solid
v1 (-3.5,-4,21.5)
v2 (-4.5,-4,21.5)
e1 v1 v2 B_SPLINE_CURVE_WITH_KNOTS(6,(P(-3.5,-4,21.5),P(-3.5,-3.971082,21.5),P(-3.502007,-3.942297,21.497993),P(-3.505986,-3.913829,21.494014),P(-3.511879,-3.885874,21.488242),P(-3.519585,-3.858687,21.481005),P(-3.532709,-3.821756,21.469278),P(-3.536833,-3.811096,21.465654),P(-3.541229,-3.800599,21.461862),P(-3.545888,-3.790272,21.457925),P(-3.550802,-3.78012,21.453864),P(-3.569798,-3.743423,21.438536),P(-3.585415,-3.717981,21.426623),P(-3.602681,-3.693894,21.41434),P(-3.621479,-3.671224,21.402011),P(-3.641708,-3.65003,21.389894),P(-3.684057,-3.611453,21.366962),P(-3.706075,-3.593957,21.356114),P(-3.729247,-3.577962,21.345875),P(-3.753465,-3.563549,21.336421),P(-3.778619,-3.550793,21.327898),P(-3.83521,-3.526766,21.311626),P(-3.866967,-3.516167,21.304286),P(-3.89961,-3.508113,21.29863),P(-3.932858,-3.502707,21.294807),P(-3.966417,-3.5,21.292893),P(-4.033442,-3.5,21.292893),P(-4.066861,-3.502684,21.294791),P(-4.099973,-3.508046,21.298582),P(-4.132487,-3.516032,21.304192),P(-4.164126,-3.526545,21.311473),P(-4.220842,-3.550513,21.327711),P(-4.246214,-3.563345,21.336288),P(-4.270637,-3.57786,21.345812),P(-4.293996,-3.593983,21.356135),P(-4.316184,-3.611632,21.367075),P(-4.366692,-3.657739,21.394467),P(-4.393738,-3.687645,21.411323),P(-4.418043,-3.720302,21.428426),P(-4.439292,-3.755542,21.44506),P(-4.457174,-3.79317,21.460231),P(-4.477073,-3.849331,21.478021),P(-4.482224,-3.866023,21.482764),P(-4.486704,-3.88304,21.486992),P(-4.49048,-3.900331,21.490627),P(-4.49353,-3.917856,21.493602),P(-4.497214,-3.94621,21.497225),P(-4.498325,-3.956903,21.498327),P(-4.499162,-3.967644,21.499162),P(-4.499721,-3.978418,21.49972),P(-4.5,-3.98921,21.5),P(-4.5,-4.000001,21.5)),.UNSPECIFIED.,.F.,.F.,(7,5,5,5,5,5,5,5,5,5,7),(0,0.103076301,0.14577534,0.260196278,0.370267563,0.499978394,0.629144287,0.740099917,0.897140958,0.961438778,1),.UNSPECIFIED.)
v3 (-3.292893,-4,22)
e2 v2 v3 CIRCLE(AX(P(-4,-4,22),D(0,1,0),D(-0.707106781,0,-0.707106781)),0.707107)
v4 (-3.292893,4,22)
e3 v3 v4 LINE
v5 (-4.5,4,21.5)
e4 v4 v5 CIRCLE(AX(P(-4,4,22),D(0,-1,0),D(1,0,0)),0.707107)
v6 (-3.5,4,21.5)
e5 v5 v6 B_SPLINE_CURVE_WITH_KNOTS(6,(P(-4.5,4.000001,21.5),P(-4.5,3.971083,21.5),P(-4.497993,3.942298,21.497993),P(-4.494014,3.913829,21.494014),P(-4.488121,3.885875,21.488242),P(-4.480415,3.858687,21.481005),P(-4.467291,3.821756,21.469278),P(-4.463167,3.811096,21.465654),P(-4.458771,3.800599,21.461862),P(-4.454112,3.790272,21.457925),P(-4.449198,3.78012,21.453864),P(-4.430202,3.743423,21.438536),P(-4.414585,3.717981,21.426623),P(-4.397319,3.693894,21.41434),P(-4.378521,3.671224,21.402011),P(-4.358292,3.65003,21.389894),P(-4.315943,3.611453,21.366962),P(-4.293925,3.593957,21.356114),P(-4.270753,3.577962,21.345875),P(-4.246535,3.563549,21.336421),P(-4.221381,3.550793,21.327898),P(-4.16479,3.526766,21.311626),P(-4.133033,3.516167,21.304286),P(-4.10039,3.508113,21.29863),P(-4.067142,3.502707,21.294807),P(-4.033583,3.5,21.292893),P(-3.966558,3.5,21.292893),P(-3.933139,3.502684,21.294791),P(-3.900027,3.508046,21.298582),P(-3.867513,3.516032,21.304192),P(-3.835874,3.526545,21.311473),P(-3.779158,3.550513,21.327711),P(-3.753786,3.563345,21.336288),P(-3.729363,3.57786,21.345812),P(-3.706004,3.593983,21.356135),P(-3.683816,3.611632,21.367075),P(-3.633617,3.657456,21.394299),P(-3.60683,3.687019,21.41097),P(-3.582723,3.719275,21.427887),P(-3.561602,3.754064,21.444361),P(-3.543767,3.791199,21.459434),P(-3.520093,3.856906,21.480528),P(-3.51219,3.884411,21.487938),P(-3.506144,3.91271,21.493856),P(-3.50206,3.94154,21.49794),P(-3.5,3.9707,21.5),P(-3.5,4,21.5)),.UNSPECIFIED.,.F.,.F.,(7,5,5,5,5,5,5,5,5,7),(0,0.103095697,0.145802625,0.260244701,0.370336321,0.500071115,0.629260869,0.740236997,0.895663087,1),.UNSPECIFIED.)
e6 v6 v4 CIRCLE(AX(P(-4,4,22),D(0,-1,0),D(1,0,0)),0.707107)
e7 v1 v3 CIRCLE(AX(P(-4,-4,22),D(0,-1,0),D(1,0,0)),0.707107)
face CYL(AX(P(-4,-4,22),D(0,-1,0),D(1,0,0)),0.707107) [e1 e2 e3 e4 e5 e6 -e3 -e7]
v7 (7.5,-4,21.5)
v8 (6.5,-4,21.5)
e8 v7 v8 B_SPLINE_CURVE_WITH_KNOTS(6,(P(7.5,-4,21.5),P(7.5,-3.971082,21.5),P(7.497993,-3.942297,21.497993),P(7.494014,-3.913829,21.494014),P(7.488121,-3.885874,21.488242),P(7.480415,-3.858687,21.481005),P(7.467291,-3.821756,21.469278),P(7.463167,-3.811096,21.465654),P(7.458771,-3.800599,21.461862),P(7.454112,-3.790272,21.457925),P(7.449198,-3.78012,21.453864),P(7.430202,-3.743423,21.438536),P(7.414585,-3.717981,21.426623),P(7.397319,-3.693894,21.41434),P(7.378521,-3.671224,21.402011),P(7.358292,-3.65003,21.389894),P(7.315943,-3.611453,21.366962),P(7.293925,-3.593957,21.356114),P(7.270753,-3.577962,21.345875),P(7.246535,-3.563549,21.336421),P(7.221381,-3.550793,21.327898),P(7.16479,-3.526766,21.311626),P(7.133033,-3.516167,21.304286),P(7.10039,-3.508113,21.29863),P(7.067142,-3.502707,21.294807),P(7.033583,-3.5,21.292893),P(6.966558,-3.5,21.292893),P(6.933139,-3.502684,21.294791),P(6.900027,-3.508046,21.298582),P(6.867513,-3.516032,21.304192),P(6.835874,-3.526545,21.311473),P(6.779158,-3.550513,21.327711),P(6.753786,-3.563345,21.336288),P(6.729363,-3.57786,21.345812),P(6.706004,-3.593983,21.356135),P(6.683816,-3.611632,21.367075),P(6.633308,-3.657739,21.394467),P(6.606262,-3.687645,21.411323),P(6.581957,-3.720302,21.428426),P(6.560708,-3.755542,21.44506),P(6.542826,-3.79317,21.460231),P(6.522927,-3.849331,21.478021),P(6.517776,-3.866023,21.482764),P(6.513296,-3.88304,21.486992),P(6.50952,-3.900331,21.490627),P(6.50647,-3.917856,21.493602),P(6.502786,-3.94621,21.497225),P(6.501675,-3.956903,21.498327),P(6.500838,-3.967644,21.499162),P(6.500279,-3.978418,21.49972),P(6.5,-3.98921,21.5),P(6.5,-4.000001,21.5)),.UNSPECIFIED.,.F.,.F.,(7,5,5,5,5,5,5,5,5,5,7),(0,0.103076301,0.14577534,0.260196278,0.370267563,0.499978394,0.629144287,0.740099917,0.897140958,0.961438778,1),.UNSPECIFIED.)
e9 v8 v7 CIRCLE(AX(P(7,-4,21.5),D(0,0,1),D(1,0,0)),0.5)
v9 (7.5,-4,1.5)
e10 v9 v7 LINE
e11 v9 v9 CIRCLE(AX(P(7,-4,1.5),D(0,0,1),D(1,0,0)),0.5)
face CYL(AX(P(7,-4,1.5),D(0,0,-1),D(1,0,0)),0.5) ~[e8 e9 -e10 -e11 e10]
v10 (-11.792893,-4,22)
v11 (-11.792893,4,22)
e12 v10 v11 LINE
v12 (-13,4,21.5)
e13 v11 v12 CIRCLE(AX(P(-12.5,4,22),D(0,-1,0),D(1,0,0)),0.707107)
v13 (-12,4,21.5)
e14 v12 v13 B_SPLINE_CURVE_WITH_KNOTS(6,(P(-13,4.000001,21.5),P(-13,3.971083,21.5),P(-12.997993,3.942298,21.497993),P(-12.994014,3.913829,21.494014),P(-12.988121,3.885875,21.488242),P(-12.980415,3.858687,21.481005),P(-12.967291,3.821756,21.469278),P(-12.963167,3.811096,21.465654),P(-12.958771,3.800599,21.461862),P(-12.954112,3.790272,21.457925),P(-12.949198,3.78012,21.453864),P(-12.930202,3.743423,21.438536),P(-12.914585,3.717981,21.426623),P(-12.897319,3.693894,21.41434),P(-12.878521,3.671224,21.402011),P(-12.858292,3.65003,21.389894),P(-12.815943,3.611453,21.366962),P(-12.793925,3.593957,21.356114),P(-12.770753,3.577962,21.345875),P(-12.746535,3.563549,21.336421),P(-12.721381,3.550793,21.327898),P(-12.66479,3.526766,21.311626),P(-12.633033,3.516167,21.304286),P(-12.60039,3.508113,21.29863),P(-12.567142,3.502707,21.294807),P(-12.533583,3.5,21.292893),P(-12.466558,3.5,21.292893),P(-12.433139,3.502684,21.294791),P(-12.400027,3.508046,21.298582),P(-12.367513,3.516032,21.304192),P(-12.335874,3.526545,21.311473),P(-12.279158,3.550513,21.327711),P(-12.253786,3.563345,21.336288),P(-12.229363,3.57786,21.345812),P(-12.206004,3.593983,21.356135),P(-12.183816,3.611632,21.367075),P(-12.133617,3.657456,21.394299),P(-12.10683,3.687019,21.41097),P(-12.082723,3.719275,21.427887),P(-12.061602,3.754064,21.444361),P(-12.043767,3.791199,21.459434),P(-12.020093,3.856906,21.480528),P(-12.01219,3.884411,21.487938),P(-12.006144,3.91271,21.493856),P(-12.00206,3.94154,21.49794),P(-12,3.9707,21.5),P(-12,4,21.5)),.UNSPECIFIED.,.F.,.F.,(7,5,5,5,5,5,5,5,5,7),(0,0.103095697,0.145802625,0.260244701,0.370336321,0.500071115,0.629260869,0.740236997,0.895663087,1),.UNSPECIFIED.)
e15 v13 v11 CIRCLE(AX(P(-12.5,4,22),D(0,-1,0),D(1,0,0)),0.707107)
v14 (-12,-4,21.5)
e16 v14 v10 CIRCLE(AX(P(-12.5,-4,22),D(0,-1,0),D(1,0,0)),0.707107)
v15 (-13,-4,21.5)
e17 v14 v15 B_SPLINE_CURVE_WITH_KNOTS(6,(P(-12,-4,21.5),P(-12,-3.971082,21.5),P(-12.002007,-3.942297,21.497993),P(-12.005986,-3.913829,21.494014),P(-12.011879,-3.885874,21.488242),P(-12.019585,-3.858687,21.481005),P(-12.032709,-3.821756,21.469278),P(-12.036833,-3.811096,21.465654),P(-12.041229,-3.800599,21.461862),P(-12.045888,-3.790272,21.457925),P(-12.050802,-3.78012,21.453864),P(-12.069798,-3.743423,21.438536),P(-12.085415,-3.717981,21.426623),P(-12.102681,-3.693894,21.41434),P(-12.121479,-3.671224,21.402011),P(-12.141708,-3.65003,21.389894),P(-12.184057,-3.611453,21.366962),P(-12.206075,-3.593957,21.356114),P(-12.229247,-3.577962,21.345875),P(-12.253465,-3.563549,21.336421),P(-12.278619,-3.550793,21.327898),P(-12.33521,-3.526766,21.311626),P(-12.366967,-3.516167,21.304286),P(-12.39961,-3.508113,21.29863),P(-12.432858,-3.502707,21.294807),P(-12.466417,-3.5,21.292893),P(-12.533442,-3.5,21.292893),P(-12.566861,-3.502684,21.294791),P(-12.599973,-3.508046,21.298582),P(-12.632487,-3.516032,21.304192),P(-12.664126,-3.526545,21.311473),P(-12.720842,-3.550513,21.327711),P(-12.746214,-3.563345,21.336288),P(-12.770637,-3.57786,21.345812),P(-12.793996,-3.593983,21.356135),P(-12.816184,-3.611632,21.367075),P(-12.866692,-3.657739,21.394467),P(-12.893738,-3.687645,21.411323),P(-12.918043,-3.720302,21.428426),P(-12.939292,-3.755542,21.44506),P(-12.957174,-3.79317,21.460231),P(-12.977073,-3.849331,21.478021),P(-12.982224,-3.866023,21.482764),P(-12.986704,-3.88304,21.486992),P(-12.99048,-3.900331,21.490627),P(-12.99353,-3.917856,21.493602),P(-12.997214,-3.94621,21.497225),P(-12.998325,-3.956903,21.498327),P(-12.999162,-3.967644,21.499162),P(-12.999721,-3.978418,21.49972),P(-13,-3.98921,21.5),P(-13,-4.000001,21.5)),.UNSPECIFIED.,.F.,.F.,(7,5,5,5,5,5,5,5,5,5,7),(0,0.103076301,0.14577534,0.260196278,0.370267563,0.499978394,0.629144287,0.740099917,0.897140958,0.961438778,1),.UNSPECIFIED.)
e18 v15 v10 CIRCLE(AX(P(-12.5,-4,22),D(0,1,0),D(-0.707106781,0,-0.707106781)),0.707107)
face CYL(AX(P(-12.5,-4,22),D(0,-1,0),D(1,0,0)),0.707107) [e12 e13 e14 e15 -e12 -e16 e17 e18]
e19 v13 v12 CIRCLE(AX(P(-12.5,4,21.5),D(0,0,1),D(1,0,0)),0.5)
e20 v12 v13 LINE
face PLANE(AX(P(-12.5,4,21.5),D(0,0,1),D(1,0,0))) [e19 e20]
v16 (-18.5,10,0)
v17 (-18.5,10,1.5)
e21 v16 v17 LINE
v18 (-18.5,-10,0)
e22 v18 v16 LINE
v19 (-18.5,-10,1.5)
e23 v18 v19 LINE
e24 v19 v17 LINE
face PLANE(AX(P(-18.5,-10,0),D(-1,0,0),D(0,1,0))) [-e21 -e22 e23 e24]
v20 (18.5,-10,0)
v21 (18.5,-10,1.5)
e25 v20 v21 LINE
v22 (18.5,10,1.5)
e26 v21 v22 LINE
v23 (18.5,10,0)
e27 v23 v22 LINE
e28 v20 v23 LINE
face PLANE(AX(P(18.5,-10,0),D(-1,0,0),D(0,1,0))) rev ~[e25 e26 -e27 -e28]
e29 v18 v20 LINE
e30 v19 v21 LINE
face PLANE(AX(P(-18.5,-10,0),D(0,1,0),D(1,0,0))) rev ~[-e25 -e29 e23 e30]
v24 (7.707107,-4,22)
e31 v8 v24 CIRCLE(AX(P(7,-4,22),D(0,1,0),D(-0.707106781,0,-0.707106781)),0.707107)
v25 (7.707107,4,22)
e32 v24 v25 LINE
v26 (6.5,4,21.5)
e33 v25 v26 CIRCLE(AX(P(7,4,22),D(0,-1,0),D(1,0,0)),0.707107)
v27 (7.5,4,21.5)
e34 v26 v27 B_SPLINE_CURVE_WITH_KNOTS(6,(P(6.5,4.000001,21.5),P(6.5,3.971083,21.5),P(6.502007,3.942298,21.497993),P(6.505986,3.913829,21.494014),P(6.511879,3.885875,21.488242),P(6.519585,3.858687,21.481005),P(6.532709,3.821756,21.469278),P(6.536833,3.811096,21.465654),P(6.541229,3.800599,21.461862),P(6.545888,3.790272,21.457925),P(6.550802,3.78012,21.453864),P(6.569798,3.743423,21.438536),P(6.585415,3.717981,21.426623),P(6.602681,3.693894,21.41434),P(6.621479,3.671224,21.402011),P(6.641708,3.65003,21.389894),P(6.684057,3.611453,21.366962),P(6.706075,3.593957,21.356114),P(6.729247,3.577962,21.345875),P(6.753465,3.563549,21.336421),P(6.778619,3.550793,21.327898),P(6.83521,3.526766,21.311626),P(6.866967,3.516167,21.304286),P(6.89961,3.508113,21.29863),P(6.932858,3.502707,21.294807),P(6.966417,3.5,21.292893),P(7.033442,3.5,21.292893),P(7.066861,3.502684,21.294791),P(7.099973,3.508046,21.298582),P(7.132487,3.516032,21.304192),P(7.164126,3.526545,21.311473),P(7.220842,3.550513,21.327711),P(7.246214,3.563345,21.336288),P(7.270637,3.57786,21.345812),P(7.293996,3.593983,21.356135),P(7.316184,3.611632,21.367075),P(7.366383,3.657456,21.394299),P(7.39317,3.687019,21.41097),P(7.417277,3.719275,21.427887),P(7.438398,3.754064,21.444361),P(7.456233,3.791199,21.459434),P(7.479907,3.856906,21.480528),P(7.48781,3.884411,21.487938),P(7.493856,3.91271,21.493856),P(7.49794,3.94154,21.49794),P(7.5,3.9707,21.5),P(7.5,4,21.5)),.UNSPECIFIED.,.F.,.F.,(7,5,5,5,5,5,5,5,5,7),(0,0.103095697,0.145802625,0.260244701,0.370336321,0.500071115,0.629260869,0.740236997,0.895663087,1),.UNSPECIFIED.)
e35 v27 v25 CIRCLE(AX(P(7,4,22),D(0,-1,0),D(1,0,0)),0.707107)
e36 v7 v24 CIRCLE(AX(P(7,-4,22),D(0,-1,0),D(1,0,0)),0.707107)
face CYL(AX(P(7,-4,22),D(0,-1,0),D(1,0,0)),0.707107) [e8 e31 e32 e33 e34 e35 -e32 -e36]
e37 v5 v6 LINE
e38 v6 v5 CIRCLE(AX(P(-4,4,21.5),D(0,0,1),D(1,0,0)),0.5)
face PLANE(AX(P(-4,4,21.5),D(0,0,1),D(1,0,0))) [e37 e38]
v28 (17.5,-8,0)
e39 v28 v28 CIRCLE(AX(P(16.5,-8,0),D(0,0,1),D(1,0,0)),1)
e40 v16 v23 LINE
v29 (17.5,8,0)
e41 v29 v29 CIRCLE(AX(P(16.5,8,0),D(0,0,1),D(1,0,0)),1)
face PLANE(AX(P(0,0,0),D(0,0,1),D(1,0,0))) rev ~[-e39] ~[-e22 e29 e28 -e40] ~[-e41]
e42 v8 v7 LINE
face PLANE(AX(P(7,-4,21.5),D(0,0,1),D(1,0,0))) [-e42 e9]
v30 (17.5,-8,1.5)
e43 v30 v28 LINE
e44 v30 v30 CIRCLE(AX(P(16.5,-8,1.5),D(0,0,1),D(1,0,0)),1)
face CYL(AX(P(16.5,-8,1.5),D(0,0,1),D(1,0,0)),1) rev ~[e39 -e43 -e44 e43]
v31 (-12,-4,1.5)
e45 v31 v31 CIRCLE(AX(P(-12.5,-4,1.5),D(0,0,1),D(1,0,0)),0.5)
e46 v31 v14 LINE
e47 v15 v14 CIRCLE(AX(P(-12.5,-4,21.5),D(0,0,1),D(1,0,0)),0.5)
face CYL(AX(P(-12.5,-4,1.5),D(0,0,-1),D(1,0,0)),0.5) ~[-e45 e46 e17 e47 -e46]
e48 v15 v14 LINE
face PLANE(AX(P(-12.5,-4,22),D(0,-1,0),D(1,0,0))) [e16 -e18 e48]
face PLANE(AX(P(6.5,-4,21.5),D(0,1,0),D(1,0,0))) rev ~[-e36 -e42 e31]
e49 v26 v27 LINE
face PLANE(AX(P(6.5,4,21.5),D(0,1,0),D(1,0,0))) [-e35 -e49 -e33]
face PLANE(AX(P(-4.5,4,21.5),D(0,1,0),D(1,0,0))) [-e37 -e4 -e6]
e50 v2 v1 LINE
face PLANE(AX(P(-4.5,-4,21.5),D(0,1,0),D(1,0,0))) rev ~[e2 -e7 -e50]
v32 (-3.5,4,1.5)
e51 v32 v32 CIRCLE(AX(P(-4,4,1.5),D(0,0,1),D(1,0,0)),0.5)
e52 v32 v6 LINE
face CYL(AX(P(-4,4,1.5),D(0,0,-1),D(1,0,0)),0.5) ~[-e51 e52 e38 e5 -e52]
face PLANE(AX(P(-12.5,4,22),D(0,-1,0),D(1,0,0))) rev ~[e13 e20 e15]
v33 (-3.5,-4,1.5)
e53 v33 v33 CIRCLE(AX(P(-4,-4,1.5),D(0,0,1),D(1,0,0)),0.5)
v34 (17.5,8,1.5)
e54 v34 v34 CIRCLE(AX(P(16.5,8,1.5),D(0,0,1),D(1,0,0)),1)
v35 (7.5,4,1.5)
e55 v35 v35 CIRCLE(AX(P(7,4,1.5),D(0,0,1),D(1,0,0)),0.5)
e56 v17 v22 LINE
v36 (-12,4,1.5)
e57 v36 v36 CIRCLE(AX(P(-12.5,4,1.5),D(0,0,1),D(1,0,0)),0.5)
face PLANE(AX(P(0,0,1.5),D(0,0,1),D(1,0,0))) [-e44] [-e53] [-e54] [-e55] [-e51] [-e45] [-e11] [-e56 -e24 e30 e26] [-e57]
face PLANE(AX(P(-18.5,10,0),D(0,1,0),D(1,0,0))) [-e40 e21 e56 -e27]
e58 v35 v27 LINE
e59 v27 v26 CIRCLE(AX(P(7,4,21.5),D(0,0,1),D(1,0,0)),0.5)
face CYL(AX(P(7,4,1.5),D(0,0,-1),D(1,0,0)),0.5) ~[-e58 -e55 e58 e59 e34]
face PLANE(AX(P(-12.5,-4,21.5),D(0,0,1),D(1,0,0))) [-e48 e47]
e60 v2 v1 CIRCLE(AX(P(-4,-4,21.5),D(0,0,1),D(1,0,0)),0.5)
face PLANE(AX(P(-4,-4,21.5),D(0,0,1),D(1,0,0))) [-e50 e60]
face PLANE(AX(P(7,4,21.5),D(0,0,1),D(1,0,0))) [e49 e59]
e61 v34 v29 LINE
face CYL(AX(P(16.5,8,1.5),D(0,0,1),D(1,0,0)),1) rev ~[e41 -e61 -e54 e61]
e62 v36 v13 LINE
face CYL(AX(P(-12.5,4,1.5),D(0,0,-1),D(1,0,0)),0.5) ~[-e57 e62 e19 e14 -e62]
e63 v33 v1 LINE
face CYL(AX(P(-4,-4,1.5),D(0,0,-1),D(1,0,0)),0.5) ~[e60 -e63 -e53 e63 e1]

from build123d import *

# Parameters (mm, degrees)
ESBO_O1_W                = 37
ESBO_O1_H                = 20
RESSALTO_EXTRUS_O1_DEPTH = 1.5
ESBO_O2_R                = 1
CORTE_EXTRUS_O1_DEPTH    = 2.5
ESBO_O3_R                = 0.5
RESSALTO_EXTRUS_O2_DEPTH = 20
ESBO_O4_W                = 1
ESBO_O4_H                = 8
RESSALTO_EXTRUS_O3_DEPTH = 1
ESBO_O5_R                = 0.707106781
RESSALTO_EXTRUS_O4_DEPTH = 8


with BuildPart() as part:
    # Esboço1 → Ressalto-extrusão1 (new body)
    with BuildSketch(Plane.XY):
        Rectangle(ESBO_O1_W, ESBO_O1_H)
    extrude(amount=RESSALTO_EXTRUS_O1_DEPTH)

    # Esboço2 → Corte-extrusão1 (cut, through all)
    with BuildSketch(Plane.XY.offset(1.5)):
        with Locations((16.5, 8)):
            Circle(ESBO_O2_R)
        with Locations((16.5, -8)):
            Circle(ESBO_O2_R)
    extrude(amount=-CORTE_EXTRUS_O1_DEPTH, mode=Mode.SUBTRACT)

    # Esboço3 → Ressalto-extrusão2 (add)
    with BuildSketch(Plane.XY.offset(1.5)):
        with Locations((-12.5, 4)):
            Circle(ESBO_O3_R)
        with Locations((-4, 4)):
            Circle(ESBO_O3_R)
        with Locations((7, 4)):
            Circle(ESBO_O3_R)
        with Locations((7, -4)):
            Circle(ESBO_O3_R)
        with Locations((-4, -4)):
            Circle(ESBO_O3_R)
        with Locations((-12.5, -4)):
            Circle(ESBO_O3_R)
    extrude(amount=RESSALTO_EXTRUS_O2_DEPTH)

    # Esboço4 → Ressalto-extrusão3 (add)
    with BuildSketch(Plane.XY.offset(21.5)):
        with Locations((-12.5, 0)):
            Rectangle(ESBO_O4_W, ESBO_O4_H)
        with Locations((-4, 0)):
            Rectangle(ESBO_O4_W, ESBO_O4_H)
        with Locations((7, 0)):
            Rectangle(ESBO_O4_W, ESBO_O4_H)
    extrude(amount=RESSALTO_EXTRUS_O3_DEPTH)

    # Esboço5 → Ressalto-extrusão4 (add)
    with BuildSketch(Plane.XZ.offset(4)):
        with Locations((-12.5, 22)):
            Circle(ESBO_O5_R)
        with Locations((-4, 22)):
            Circle(ESBO_O5_R)
        with Locations((7, 22)):
            Circle(ESBO_O5_R)
    extrude(amount=-RESSALTO_EXTRUS_O4_DEPTH)


solid = part.part
